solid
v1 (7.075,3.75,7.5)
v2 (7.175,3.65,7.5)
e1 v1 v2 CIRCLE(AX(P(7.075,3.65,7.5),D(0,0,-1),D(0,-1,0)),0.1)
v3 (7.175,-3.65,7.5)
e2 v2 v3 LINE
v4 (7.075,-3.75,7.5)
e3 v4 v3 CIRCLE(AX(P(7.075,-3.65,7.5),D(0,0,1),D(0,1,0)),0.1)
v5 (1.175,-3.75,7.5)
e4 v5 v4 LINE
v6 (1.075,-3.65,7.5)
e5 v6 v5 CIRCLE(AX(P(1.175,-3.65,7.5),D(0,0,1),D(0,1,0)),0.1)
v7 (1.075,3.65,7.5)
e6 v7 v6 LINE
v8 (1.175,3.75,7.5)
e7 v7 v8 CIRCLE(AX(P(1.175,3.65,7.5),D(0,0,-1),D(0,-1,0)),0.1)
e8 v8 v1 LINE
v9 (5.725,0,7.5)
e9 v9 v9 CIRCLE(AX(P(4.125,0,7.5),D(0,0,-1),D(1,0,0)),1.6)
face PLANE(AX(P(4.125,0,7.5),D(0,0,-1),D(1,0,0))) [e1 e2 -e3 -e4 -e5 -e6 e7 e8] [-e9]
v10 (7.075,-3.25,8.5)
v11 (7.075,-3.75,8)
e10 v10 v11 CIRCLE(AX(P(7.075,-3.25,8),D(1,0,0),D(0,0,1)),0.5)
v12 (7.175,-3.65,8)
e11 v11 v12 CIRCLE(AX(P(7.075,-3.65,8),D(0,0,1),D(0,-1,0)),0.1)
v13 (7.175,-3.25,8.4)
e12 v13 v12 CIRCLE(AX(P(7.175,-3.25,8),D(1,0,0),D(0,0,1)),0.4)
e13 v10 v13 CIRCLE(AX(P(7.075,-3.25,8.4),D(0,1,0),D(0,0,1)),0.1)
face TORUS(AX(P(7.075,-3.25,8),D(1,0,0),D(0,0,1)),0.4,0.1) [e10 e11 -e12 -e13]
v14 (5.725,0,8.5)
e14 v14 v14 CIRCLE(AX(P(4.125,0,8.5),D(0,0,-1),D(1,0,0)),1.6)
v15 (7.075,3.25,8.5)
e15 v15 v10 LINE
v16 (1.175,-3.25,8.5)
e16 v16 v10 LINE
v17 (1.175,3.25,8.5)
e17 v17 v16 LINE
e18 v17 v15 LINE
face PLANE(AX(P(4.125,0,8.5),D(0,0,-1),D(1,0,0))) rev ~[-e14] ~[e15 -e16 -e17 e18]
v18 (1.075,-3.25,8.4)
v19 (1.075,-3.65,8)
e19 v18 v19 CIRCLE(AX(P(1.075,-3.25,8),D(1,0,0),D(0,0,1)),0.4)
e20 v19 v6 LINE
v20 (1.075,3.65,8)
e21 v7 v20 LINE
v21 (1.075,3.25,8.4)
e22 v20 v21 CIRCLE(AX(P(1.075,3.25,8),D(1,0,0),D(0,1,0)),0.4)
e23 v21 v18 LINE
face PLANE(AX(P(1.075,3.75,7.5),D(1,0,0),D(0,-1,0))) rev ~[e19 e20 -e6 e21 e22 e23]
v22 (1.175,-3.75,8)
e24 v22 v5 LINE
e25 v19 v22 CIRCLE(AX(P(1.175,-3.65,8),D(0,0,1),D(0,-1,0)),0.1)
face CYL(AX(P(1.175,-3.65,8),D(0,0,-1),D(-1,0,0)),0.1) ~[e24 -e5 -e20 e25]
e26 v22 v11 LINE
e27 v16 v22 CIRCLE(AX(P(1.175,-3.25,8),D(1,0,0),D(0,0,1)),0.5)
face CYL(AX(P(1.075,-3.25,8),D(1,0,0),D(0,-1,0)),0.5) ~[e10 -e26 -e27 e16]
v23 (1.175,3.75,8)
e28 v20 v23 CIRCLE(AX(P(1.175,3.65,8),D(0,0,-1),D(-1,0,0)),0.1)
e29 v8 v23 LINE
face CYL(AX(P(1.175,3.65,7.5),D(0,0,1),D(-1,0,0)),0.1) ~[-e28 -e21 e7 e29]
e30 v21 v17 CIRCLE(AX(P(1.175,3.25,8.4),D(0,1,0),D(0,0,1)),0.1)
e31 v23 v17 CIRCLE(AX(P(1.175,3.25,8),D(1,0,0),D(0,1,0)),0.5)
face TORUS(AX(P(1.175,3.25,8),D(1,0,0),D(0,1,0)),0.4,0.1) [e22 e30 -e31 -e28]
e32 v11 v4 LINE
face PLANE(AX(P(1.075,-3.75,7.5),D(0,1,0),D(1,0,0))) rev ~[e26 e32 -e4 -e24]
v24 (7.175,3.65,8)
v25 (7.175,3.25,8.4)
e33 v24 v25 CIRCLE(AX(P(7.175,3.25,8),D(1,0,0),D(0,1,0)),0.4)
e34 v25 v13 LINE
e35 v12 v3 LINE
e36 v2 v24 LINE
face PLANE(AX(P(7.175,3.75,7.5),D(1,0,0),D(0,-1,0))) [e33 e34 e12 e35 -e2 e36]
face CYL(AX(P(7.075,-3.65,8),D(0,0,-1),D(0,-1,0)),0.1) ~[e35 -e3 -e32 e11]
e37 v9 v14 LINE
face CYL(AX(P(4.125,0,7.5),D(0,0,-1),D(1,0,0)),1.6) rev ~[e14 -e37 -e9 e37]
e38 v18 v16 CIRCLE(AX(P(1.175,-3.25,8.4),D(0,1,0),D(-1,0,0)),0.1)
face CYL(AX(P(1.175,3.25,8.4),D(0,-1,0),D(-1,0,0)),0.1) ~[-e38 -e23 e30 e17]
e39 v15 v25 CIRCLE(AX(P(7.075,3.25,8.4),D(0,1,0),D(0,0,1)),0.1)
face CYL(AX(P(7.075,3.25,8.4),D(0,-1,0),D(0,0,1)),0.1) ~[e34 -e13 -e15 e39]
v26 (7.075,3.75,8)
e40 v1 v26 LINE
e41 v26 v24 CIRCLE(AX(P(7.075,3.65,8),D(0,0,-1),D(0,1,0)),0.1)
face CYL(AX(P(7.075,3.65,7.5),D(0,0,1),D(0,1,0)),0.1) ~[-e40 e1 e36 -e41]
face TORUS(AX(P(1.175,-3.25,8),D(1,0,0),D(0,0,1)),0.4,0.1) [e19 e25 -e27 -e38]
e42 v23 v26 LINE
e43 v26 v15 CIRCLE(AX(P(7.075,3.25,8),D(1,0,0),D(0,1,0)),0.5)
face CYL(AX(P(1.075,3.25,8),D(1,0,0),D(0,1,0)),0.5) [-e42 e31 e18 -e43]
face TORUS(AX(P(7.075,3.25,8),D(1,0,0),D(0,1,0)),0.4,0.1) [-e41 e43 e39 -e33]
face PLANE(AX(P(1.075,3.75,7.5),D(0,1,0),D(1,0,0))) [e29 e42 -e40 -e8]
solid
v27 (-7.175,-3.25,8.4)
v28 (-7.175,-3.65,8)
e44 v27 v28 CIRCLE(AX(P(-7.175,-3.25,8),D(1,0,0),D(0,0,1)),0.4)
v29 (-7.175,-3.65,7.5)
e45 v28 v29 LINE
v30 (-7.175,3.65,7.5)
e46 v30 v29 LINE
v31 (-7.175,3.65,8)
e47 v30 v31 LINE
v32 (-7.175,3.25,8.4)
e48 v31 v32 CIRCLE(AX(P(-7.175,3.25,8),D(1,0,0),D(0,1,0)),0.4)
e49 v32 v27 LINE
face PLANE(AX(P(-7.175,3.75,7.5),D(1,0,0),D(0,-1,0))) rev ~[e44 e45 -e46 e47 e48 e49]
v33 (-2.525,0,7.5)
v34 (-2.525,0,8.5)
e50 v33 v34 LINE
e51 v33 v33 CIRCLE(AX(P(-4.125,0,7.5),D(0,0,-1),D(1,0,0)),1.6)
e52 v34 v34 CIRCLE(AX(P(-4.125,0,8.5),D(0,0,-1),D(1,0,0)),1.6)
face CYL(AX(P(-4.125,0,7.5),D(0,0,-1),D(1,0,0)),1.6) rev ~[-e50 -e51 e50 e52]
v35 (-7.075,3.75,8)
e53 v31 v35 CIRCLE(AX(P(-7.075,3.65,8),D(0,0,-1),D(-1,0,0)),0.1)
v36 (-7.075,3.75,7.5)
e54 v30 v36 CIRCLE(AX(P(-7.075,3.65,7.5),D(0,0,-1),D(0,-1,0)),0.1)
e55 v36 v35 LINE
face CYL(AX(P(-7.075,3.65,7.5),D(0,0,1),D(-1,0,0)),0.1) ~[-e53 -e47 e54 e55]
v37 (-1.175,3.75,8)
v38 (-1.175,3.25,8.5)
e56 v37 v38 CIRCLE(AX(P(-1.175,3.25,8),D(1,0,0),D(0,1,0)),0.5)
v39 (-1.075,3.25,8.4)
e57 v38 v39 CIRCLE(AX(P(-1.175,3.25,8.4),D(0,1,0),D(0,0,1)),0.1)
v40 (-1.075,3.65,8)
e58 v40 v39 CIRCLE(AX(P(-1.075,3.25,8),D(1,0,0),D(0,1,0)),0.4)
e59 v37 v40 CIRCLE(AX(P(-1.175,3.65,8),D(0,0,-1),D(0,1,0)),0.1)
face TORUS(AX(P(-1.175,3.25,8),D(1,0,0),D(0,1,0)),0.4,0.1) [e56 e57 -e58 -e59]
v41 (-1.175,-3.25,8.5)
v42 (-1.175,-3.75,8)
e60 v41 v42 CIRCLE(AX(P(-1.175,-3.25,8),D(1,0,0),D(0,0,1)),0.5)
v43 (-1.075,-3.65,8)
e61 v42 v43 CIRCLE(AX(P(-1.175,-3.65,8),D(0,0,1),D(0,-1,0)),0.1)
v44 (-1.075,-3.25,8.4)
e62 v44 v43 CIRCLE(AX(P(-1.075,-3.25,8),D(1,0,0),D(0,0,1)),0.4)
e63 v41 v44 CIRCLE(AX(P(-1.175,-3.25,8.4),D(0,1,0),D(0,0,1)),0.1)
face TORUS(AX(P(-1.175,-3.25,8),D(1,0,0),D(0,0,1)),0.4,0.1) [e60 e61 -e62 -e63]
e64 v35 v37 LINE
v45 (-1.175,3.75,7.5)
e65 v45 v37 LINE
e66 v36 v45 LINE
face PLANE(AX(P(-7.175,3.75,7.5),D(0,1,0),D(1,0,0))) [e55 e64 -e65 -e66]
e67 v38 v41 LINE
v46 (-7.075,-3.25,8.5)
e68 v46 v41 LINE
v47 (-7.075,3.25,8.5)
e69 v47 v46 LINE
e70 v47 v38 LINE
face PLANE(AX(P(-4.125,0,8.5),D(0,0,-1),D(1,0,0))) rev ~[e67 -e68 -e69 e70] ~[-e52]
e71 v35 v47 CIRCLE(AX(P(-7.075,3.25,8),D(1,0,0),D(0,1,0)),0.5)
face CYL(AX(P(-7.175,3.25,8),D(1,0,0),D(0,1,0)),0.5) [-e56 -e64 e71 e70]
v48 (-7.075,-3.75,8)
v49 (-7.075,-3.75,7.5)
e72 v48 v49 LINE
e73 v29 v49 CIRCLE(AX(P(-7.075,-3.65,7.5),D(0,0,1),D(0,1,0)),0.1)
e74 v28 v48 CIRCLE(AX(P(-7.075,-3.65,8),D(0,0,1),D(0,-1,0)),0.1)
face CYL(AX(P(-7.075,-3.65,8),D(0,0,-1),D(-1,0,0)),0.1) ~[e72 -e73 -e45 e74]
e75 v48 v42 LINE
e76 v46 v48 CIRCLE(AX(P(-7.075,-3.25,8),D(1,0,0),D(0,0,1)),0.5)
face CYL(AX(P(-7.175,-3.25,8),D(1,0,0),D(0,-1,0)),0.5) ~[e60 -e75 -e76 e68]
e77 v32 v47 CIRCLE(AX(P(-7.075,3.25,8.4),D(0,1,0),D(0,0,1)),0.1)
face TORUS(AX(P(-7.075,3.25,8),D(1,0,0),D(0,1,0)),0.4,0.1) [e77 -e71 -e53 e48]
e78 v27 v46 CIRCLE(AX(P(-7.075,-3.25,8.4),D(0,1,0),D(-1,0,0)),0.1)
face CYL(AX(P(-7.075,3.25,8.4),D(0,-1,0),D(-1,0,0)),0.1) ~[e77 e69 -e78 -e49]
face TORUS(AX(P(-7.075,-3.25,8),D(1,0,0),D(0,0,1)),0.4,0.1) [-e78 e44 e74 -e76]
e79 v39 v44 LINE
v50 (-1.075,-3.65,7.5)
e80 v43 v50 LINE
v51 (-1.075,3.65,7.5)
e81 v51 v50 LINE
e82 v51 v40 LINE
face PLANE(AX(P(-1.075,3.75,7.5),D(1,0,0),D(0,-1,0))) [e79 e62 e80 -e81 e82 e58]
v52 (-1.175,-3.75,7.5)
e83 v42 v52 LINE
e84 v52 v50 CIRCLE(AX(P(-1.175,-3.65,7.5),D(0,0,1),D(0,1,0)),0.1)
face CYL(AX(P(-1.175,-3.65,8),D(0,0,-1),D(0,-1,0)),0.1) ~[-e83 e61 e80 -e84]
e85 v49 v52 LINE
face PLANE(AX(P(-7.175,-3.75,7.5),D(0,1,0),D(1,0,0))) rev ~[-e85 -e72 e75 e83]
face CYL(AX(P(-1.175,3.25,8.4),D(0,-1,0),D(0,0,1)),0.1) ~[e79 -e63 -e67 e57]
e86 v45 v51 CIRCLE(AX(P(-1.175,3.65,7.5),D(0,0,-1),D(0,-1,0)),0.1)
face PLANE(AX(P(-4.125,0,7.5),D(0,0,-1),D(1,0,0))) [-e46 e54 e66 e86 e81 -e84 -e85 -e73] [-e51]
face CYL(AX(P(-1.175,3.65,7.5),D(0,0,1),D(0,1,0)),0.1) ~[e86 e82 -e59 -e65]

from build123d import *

# Parameters (mm, degrees)
SKETCH010_W  = 6.1
SKETCH010_H  = 7.5
SKETCH010_R  = 1.6
PAD002_DEPTH = 1
FILLET_R     = 0.5
FILLET001_R  = 0.1


with BuildPart() as part:
    # Sketch010 → Pad002 (new body)
    with BuildSketch(Plane(origin=(0, 0, 7.5), x_dir=(1, 0, 0), z_dir=(0, 0, -1))):
        with Locations((-4.125, 0)):
            Rectangle(SKETCH010_W, SKETCH010_H)
        with Locations((-4.125, 0)):
            Circle(SKETCH010_R, mode=Mode.SUBTRACT)
        with Locations((4.125, 0)):
            Rectangle(SKETCH010_W, SKETCH010_H)
        with Locations((4.125, 0)):
            Circle(SKETCH010_R, mode=Mode.SUBTRACT)
    extrude(amount=-PAD002_DEPTH)

    # Fillet
    fillet_edges = [part.edges().sort_by_distance(p)[0] for p in [
        (-4.125, -3.75, 8.5),
        (-4.125, 3.75, 8.5),
        (4.125, -3.75, 8.5),
        (4.125, 3.75, 8.5),
    ]]
    fillet(fillet_edges, radius=FILLET_R)

    # Fillet001
    fillet001_edges = [part.edges().sort_by_distance(p)[0] for p in [
        (-7.175, 0, 8.5),
        (-1.075, 0, 8.5),
        (1.075, 0, 8.5),
        (7.175, 0, 8.5),
    ]]
    fillet(fillet001_edges, radius=FILLET001_R)


solid = part.part
